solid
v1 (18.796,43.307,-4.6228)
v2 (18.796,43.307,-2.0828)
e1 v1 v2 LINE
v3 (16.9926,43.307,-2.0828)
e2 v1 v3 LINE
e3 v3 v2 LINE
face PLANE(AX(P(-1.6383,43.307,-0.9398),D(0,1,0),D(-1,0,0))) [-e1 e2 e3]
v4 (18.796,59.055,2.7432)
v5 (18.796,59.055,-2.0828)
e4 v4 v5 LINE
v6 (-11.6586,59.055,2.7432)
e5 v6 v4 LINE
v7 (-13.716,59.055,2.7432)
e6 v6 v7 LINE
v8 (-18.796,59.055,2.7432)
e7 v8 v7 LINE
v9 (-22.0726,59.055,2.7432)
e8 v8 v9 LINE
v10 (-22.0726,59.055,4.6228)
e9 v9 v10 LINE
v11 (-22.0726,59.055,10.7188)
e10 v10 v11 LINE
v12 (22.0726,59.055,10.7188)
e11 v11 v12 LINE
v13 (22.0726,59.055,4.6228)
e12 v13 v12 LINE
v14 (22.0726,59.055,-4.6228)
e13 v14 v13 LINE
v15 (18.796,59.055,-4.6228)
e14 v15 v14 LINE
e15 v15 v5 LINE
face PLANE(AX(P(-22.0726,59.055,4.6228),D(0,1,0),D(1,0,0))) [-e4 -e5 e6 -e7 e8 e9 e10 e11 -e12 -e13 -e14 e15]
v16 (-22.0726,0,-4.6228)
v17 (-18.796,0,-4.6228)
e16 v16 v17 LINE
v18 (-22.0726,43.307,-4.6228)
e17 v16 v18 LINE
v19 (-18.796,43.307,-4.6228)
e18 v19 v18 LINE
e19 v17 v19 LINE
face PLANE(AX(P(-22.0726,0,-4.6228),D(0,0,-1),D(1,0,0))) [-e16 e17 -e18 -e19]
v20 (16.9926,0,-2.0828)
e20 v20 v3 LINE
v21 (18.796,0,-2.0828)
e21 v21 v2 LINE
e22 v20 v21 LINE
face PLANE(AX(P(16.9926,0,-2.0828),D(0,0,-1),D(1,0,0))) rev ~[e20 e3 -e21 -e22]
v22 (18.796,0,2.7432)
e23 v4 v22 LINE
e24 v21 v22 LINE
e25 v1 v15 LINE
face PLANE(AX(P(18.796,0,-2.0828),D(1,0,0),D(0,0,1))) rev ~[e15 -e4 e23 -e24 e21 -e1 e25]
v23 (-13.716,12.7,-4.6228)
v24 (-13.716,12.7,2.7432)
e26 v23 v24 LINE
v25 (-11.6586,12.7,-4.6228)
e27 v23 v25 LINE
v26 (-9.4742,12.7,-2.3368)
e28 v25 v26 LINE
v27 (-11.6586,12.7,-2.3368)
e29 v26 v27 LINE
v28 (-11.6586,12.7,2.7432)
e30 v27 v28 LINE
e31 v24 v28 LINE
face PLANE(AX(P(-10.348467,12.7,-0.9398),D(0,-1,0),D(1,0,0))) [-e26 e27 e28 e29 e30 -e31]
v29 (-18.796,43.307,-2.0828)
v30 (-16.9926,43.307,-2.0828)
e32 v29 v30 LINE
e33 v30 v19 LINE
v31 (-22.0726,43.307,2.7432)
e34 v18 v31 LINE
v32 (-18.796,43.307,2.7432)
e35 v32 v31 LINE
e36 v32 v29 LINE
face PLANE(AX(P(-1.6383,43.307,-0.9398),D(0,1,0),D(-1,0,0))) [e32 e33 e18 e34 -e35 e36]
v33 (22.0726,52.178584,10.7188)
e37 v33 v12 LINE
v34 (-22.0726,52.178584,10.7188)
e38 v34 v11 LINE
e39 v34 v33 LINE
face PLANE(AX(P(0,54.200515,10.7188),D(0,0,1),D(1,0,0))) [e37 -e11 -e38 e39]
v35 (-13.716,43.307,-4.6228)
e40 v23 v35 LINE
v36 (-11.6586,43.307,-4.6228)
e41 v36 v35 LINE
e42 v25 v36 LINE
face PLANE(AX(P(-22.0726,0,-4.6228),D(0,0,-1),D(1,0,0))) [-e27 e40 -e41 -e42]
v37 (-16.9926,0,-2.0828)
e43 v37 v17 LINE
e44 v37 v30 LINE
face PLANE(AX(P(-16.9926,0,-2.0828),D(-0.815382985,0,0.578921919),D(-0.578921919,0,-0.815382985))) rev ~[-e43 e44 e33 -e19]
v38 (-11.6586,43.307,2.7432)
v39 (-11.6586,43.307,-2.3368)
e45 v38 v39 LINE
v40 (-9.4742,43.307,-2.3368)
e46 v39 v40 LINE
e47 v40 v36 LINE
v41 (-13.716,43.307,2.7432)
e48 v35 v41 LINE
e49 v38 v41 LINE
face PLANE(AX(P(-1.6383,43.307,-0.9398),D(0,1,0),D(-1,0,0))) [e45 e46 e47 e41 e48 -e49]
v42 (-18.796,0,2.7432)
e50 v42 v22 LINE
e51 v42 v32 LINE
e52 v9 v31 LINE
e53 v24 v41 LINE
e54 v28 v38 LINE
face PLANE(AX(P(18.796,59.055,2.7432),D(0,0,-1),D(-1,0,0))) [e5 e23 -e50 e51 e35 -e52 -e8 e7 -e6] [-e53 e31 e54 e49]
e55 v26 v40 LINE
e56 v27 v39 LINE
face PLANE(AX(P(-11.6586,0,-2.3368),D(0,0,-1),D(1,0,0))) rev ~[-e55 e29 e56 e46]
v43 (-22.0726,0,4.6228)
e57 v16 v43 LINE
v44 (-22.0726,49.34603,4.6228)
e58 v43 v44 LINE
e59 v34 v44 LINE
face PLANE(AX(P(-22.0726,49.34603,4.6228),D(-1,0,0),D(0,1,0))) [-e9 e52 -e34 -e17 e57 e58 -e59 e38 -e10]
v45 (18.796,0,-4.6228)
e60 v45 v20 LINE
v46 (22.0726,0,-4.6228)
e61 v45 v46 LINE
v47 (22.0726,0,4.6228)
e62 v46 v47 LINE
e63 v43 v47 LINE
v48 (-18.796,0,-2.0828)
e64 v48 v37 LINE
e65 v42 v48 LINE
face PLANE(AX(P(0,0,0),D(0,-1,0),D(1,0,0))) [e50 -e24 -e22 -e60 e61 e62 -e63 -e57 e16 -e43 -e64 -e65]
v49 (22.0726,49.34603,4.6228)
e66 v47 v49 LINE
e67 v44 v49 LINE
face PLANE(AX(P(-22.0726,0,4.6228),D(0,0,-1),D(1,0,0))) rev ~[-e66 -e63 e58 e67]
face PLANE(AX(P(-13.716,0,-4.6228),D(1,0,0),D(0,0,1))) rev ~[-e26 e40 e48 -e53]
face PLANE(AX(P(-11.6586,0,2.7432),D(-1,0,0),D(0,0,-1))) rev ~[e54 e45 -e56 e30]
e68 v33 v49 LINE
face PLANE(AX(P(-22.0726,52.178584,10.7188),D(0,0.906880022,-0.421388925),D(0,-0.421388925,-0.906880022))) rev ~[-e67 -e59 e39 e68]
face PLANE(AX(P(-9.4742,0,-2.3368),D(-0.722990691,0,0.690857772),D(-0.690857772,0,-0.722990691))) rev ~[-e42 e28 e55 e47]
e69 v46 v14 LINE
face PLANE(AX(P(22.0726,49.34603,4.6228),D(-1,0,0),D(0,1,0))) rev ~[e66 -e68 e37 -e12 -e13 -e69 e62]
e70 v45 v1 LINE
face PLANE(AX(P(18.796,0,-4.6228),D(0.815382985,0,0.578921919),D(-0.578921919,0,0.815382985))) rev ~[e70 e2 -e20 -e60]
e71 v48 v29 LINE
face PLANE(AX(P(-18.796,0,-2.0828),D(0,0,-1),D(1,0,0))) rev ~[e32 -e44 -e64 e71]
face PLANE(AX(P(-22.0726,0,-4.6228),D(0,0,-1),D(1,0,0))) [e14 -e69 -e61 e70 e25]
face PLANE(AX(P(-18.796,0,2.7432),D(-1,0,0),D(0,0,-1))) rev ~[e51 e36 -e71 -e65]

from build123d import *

# Parameters (mm, degrees)
F0_W      = 44.1452
F0_H      = 9.2456
F1_DEPTH  = 59.055
F2_W      = 44.1452
F2_H      = 9.7089702415
F3_DEPTH  = 6.096
F5_DEPTH  = 81.026
F6_DEPTH  = 82.296
F8_DEPTH  = 67.564
F9_W      = 40.8686
F9_H      = 7.366
F10_DEPTH = 15.748
F11_W     = 6.735065354
F11_H     = 7.366
F12_DEPTH = 12.7


with BuildPart() as f1:
    # F0 (on Front) → F1 (new body)
    with BuildSketch(Plane.XZ):
        Rectangle(F0_W, F0_H)
    extrude(amount=-F1_DEPTH)

    # F2 (on face) → F3 (join)
    with BuildSketch(Plane.XY.offset(4.6228)):
        with Locations((0, 54.2005148792)):
            Rectangle(F2_W, F2_H)
    extrude(amount=F3_DEPTH)

    # F4 (on face) → F5 (cut)
    with BuildSketch(Plane.XZ):
        Polygon((-9.4742, -2.3368), (-11.6586, -4.6228), (18.796, -4.6228), (16.9926, -2.0828), (18.796, -2.0828), (18.796, 2.7432), (-11.6586, 2.7432), (-11.6586, -2.3368), align=None)
    extrude(amount=-F5_DEPTH, mode=Mode.SUBTRACT)

    # F4 (on face) → F6 (cut)
    with BuildSketch(Plane.XZ):
        Polygon((-18.796, -4.6228), (-13.716, -4.6228), (-13.716, 2.7432), (-18.796, 2.7432), (-18.796, -2.0828), (-16.9926, -2.0828), align=None)
        Polygon((-9.4742, -2.3368), (-11.6586, -4.6228), (18.796, -4.6228), (16.9926, -2.0828), (18.796, -2.0828), (18.796, 2.7432), (-11.6586, 2.7432), (-11.6586, -2.3368), align=None)
    extrude(amount=-F6_DEPTH, mode=Mode.SUBTRACT)

    # F7 (on face) → F8 (cut)
    with BuildSketch(Plane(origin=(-22.0726, 0, 0), x_dir=(0, -1, 0), z_dir=(-1, 0, 0))):
        Polygon((-52.1785840392, 10.7188), (-49.3460297585, 4.6228), (-49.3460297585, 10.7188), align=None)
    extrude(amount=-F8_DEPTH, mode=Mode.SUBTRACT)

    # F9 (on face) → F10 (cut)
    with BuildSketch(Plane(origin=(0, 59.055, 0), x_dir=(-1, 0, 0), z_dir=(0, 1, 0))):
        with Locations((1.6383, -0.9398)):
            Rectangle(F9_W, F9_H)
    extrude(amount=-F10_DEPTH, mode=Mode.SUBTRACT)

    # F11 (on face) → F12 (cut)
    with BuildSketch(Plane.XZ):
        with Locations((-10.348467323, -0.9398)):
            Rectangle(F11_W, F11_H)
    extrude(amount=-F12_DEPTH, mode=Mode.SUBTRACT)


with BuildPart() as f13_1:
    # F13: instance of F1
    add(f1.part.mirror(Plane.YZ))


with BuildPart() as f15_1:
    # F15: instance of F13_1
    add(f13_1.part.mirror(Plane.YZ))


solid = f15_1.part
